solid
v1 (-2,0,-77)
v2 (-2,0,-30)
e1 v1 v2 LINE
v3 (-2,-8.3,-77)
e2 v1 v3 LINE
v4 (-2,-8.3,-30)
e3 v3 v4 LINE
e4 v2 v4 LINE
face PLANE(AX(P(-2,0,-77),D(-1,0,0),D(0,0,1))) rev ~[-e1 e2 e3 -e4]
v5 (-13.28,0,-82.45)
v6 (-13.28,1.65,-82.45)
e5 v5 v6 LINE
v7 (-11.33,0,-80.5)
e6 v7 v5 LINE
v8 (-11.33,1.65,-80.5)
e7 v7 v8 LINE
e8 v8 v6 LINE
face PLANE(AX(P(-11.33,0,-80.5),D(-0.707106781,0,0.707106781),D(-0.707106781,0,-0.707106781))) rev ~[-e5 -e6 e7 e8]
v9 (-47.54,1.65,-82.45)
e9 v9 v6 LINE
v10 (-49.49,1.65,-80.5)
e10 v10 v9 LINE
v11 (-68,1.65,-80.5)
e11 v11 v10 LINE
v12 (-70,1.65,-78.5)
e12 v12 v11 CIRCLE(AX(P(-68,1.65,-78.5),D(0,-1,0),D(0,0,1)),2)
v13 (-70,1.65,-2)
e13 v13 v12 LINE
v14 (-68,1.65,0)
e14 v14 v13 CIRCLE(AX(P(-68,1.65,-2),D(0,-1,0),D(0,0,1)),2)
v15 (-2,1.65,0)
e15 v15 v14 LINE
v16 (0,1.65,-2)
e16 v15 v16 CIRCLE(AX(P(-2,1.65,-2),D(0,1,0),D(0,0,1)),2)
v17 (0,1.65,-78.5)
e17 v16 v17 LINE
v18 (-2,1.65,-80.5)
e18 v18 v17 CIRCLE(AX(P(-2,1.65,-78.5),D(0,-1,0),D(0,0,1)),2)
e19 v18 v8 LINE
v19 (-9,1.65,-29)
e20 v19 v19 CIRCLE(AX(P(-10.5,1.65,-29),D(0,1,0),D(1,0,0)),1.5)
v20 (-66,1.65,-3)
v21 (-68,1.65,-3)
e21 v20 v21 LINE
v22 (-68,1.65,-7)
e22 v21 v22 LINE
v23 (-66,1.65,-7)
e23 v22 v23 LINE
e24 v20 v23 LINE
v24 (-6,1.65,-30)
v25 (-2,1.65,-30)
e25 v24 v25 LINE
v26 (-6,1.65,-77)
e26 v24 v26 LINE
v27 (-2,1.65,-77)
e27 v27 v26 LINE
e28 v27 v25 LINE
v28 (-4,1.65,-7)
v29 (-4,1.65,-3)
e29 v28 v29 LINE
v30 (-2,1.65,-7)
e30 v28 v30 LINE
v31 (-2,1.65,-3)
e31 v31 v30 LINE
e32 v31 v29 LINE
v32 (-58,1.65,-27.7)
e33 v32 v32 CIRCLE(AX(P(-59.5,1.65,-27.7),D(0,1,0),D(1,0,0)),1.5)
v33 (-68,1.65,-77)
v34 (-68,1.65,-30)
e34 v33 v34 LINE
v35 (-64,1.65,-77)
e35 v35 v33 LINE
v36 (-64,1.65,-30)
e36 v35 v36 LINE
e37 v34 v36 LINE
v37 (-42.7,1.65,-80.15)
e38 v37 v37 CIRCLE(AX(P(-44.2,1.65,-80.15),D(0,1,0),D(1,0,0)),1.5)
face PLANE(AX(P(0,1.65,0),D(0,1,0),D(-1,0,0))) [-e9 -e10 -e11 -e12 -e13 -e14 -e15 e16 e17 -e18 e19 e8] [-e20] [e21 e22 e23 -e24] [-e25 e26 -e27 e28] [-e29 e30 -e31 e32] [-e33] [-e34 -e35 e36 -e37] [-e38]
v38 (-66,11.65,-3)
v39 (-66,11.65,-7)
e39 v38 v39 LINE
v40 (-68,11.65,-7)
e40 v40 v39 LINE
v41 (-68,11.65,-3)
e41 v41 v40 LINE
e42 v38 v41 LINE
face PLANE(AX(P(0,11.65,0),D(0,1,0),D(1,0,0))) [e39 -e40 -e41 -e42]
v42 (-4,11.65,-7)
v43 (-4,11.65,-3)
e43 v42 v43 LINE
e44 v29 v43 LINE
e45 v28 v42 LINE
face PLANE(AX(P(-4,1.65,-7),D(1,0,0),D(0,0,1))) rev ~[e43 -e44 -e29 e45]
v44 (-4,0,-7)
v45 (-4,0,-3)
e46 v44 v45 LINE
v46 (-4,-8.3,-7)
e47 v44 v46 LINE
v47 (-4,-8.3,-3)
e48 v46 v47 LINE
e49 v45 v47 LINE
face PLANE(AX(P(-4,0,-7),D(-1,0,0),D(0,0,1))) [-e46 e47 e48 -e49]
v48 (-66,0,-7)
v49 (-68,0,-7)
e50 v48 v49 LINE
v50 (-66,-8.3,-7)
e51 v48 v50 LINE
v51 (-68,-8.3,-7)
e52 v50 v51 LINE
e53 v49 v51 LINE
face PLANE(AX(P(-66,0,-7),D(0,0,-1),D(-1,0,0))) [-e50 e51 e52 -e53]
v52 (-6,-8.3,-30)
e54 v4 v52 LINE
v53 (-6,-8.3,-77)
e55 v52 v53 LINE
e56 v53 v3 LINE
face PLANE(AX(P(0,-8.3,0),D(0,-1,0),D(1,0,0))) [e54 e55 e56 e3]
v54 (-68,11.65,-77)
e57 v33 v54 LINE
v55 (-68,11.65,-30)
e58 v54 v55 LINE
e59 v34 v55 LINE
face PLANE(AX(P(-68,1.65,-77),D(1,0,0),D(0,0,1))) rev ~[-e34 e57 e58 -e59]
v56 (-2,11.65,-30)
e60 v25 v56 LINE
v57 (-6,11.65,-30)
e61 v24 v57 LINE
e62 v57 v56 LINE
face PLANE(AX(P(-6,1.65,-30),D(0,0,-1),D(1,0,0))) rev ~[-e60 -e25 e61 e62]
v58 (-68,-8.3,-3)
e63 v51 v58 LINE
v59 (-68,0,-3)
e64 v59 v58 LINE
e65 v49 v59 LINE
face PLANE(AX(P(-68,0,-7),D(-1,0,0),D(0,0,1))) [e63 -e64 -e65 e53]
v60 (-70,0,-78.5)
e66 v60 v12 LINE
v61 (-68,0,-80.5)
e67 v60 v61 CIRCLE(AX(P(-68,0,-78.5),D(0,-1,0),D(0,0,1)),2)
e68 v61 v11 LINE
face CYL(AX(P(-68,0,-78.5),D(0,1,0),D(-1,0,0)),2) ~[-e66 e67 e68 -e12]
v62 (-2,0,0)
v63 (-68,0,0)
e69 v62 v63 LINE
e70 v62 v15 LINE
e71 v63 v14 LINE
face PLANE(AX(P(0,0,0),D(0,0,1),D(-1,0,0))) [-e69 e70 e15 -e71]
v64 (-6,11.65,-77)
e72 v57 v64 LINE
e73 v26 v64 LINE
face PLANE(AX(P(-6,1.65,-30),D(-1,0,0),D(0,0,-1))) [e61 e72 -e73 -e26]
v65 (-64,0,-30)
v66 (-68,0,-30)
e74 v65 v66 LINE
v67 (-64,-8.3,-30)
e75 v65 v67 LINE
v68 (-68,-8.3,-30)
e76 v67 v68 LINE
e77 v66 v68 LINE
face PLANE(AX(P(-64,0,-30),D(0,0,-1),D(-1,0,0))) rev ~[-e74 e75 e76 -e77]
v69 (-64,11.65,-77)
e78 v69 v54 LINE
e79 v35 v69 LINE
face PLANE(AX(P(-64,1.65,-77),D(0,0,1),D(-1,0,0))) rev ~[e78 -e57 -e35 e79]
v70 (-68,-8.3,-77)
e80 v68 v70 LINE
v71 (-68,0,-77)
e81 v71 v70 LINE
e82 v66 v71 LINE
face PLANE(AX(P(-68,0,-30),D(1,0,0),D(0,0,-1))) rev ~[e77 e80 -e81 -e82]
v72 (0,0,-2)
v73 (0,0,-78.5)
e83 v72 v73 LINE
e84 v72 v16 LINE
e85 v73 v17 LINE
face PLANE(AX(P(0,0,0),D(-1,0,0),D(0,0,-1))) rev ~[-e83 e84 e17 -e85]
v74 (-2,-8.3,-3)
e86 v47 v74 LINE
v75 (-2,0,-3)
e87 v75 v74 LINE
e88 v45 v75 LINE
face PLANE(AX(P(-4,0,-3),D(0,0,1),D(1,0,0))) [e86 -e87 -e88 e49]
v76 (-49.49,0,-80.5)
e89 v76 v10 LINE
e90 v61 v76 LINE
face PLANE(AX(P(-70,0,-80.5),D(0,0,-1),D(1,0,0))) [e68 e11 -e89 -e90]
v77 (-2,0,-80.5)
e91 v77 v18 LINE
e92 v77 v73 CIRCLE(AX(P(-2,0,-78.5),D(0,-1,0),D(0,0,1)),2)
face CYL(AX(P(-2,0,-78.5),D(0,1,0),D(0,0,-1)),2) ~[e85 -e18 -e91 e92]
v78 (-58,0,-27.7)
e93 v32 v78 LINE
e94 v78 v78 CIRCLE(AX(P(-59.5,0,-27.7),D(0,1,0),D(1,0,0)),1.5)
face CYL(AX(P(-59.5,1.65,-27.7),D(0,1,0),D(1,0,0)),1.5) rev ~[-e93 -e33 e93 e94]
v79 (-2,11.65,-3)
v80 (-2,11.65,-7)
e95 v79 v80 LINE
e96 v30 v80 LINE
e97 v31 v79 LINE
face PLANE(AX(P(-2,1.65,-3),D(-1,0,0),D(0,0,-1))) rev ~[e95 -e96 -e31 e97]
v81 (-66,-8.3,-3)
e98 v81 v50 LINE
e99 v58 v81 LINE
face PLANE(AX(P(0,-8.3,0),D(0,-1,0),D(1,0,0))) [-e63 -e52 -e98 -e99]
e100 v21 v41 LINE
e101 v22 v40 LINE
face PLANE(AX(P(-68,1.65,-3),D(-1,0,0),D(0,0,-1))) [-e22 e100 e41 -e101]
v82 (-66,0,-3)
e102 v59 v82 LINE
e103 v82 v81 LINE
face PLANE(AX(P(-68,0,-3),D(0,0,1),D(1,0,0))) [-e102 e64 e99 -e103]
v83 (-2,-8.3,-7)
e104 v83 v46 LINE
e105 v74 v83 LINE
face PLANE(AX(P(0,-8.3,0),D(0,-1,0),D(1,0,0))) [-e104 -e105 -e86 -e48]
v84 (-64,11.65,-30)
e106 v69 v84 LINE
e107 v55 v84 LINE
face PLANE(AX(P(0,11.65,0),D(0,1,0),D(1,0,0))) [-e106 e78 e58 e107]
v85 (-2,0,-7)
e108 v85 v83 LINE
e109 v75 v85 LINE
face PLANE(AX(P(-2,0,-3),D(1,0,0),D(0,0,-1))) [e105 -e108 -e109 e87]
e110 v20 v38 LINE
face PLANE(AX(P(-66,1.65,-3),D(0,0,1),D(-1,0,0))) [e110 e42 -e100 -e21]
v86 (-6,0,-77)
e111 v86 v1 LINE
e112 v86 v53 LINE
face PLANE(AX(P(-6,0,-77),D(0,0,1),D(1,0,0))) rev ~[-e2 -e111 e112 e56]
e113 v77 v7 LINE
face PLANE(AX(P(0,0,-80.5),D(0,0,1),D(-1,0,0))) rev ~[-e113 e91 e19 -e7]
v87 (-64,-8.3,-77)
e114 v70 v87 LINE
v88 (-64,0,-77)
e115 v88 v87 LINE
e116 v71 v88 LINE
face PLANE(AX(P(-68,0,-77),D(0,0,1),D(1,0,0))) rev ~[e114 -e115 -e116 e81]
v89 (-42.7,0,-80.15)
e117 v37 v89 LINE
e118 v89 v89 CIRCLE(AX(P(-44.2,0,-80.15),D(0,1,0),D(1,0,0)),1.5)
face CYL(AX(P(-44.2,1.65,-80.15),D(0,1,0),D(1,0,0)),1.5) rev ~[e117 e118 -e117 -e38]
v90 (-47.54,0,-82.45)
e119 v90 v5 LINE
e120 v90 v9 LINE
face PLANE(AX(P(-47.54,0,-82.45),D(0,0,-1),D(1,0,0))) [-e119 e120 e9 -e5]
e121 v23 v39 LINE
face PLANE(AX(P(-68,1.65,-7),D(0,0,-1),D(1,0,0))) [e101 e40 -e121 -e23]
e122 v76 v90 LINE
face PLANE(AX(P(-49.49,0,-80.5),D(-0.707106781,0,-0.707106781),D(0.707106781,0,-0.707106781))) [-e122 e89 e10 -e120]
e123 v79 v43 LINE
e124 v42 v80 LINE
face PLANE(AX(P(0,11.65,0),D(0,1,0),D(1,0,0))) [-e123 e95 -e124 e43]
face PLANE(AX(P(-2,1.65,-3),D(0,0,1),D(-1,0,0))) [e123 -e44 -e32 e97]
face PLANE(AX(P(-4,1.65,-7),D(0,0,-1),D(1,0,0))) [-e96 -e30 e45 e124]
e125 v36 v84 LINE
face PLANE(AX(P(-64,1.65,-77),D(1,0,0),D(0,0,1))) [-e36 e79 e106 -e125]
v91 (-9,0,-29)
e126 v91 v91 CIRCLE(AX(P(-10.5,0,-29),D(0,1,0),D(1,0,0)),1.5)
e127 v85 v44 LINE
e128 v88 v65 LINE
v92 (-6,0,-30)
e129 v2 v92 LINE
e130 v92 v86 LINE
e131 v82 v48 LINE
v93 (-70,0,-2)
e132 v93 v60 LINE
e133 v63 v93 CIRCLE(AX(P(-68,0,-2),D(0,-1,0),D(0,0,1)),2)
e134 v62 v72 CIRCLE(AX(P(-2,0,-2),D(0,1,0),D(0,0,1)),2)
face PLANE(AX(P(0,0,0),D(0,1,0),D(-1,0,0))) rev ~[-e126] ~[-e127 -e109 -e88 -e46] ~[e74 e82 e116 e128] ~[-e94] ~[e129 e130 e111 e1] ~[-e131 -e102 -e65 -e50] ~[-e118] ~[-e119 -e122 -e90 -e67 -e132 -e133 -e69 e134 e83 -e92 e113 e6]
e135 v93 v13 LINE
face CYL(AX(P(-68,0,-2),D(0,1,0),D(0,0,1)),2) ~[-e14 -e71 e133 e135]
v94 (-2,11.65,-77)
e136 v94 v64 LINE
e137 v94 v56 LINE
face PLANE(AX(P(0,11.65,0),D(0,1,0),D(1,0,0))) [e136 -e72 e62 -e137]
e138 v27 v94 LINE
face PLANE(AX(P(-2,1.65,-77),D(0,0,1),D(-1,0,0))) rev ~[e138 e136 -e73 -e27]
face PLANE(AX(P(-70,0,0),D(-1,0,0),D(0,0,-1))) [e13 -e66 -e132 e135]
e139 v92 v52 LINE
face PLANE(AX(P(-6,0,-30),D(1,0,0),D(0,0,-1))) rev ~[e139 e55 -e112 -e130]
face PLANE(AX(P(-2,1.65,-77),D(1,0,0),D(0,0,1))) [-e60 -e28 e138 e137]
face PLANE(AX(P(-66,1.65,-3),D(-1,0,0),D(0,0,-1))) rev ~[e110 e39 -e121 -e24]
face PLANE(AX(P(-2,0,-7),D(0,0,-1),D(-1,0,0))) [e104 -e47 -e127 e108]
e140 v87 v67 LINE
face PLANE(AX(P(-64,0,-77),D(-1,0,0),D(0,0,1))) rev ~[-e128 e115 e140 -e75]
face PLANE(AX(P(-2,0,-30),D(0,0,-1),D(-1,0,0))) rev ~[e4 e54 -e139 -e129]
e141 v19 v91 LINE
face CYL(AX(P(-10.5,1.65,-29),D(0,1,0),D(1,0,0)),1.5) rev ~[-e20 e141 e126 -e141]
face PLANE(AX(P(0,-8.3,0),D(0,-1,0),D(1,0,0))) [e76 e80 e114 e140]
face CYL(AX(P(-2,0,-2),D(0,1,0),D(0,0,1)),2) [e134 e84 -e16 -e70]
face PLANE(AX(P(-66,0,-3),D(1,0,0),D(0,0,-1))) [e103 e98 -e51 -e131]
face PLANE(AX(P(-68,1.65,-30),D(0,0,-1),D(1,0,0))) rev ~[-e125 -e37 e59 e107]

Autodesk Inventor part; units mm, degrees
ref_plane "YZ Plane" through (0, 0, 0) normal (1, 0, 0) x (0, 1, 0)
ref_plane "XZ Plane" through (0, 0, 0) normal (0, 1, 0) x (-1, 0, 0)
ref_plane "XY Plane" through (0, 0, 0) normal (0, 0, 1) x (1, 0, 0)
sketch "Sketch1" plane through (0, 0, 0) normal (0, 1, 0) x (-1, 0, 0)
  line L0 (0, 0) -> (70, 0)
  line L1 (70, 0) -> (70, -80.5)
  line L2 (70, -80.5) -> (49.49, -80.5)
  line L3 (0, 0) -> (0, -80.5)
  line L4 (0, -80.5) -> (11.33, -80.5)
  line L5 (47.54, -82.45) -> (13.28, -82.45)
  line L6 (49.49, -80.5) -> (47.54, -82.45)
  line L7 (11.33, -80.5) -> (13.28, -82.45)
  dimension "d0" = 70
  dimension "d1" = 80.5
  dimension "d2" = 20.51
  dimension "d3" = 80.5
  dimension "d4" = 11.33
  dimension "d5" = 82.45
  dimension "d6" = 45
  dimension "d7" = 45
extrude "Extrusion1" add sketch "Sketch1" along normal blind 1.65
fillet "Fillet1" radius 2 4 edges at (0, 0.825, 0) (-70, 0.825, 0) (0, 0.825, -80.5) (-70, 0.825, -80.5)
sketch "Sketch2" plane through (0, 1.65, 0) normal (0, 1, 0) x (1, 0, 0)
  circle A0 centre (-59.5, 27.7) radius 1.5
  circle A1 centre (-10.5, 29) radius 1.5
  circle A2 centre (-44.2, 80.15) radius 1.5
  line L0 (-68, 0) -> (-2, 0) projected
  line L1 (0, 2) -> (0, 78.5) projected
  line L2 (-70, 78.5) -> (-70, 2) projected
  line L3 (-13.28, 82.45) -> (-47.54, 82.45) projected
  point P0 (0, 0)
  dimension "d11" = 3
  dimension "d12" = 3
  dimension "d13" = 3
  dimension "d14" = 29
  dimension "d15" = 10.5
  dimension "d16" = 10.5
  dimension "d17" = 2.3
  dimension "d18" = 25.8
  dimension "d40" = 27.7
extrude "Extrusion2" cut sketch "Sketch2" against normal through all
sketch "Sketch3" plane through (0, 0, 0) normal (0, -1, 0) x (1, 0, 0)
  line L0 (-2, -30) -> (-6, -30)
  line L1 (-6, -30) -> (-6, -77)
  line L2 (-6, -77) -> (-2, -77)
  line L3 (-2, -77) -> (-2, -30)
  line L4 (-68, 0) -> (-2, 0) projected
  line L5 (0, -2) -> (0, -78.5) projected
  line L6 (-64, -30) -> (-68, -30)
  line L7 (-68, -30) -> (-68, -77)
  line L8 (-68, -77) -> (-64, -77)
  line L9 (-64, -77) -> (-64, -30)
  line L10 (-70, -78.5) -> (-70, -2) projected
  line L11 (-49.49, -80.5) -> (-68, -80.5) projected
  line L12 (-2, -7) -> (-4, -7)
  line L13 (-4, -7) -> (-4, -3)
  line L14 (-4, -3) -> (-2, -3)
  line L15 (-2, -3) -> (-2, -7)
  line L16 (-66, -7) -> (-68, -7)
  line L17 (-68, -7) -> (-68, -3)
  line L18 (-68, -3) -> (-66, -3)
  line L19 (-66, -3) -> (-66, -7)
  point P0 (0, 0)
  point P1 (-4, -77)
  point P2 (-66, -77)
  point P3 (-2, -5)
  point P4 (-68, -5)
  point P5 (-3, -3)
  point P6 (-67, -3)
  dimension "d21" = 4
  dimension "d22" = 47
  dimension "d23" = 30
  dimension "d24" = 2
  dimension "d27" = 2
  dimension "d28" = 4
  dimension "d30" = 30
  dimension "d33" = 2
  dimension "d34" = 4
  dimension "d35" = 2
  dimension "d36" = 4
  dimension "d37" = 3
extrude "Extrusion3" add sketch "Sketch3" along normal blind 8.3
sketch "Sketch4" plane through (0, 1.65, 0) normal (0, 1, 0) x (1, 0, 0)
  line L0 (-2, 77) -> (-2, 30) projected
  line L1 (-6, 30) -> (-6, 77) projected
  line L2 (-2, 77) -> (-6, 77)
  line L3 (-6, 77) -> (-6, 30)
  line L4 (-6, 30) -> (-2, 30)
  line L5 (-2, 30) -> (-2, 77)
  line L6 (-64, 77) -> (-64, 30) projected
  line L7 (-68, 77) -> (-68, 30) projected
  line L8 (-64, 77) -> (-68, 77)
  line L9 (-68, 77) -> (-68, 30)
  line L10 (-68, 30) -> (-64, 30)
  line L11 (-64, 30) -> (-64, 77)
  line L12 (-66, 3) -> (-66, 7) projected
  line L13 (-68, 3) -> (-68, 7) projected
  line L14 (-66, 3) -> (-68, 3)
  line L15 (-68, 3) -> (-68, 7)
  line L16 (-68, 7) -> (-66, 7)
  line L17 (-66, 7) -> (-66, 3)
  line L18 (-2, 3) -> (-2, 7) projected
  line L19 (-4, 7) -> (-4, 3) projected
  line L20 (-2, 3) -> (-4, 3)
  line L21 (-4, 3) -> (-4, 7)
  line L22 (-4, 7) -> (-2, 7)
  line L23 (-2, 7) -> (-2, 3)
  point P0 (0, 0)
extrude "Extrusion4" add sketch "Sketch4" along normal blind 10
properties part number "Microcontroller"
